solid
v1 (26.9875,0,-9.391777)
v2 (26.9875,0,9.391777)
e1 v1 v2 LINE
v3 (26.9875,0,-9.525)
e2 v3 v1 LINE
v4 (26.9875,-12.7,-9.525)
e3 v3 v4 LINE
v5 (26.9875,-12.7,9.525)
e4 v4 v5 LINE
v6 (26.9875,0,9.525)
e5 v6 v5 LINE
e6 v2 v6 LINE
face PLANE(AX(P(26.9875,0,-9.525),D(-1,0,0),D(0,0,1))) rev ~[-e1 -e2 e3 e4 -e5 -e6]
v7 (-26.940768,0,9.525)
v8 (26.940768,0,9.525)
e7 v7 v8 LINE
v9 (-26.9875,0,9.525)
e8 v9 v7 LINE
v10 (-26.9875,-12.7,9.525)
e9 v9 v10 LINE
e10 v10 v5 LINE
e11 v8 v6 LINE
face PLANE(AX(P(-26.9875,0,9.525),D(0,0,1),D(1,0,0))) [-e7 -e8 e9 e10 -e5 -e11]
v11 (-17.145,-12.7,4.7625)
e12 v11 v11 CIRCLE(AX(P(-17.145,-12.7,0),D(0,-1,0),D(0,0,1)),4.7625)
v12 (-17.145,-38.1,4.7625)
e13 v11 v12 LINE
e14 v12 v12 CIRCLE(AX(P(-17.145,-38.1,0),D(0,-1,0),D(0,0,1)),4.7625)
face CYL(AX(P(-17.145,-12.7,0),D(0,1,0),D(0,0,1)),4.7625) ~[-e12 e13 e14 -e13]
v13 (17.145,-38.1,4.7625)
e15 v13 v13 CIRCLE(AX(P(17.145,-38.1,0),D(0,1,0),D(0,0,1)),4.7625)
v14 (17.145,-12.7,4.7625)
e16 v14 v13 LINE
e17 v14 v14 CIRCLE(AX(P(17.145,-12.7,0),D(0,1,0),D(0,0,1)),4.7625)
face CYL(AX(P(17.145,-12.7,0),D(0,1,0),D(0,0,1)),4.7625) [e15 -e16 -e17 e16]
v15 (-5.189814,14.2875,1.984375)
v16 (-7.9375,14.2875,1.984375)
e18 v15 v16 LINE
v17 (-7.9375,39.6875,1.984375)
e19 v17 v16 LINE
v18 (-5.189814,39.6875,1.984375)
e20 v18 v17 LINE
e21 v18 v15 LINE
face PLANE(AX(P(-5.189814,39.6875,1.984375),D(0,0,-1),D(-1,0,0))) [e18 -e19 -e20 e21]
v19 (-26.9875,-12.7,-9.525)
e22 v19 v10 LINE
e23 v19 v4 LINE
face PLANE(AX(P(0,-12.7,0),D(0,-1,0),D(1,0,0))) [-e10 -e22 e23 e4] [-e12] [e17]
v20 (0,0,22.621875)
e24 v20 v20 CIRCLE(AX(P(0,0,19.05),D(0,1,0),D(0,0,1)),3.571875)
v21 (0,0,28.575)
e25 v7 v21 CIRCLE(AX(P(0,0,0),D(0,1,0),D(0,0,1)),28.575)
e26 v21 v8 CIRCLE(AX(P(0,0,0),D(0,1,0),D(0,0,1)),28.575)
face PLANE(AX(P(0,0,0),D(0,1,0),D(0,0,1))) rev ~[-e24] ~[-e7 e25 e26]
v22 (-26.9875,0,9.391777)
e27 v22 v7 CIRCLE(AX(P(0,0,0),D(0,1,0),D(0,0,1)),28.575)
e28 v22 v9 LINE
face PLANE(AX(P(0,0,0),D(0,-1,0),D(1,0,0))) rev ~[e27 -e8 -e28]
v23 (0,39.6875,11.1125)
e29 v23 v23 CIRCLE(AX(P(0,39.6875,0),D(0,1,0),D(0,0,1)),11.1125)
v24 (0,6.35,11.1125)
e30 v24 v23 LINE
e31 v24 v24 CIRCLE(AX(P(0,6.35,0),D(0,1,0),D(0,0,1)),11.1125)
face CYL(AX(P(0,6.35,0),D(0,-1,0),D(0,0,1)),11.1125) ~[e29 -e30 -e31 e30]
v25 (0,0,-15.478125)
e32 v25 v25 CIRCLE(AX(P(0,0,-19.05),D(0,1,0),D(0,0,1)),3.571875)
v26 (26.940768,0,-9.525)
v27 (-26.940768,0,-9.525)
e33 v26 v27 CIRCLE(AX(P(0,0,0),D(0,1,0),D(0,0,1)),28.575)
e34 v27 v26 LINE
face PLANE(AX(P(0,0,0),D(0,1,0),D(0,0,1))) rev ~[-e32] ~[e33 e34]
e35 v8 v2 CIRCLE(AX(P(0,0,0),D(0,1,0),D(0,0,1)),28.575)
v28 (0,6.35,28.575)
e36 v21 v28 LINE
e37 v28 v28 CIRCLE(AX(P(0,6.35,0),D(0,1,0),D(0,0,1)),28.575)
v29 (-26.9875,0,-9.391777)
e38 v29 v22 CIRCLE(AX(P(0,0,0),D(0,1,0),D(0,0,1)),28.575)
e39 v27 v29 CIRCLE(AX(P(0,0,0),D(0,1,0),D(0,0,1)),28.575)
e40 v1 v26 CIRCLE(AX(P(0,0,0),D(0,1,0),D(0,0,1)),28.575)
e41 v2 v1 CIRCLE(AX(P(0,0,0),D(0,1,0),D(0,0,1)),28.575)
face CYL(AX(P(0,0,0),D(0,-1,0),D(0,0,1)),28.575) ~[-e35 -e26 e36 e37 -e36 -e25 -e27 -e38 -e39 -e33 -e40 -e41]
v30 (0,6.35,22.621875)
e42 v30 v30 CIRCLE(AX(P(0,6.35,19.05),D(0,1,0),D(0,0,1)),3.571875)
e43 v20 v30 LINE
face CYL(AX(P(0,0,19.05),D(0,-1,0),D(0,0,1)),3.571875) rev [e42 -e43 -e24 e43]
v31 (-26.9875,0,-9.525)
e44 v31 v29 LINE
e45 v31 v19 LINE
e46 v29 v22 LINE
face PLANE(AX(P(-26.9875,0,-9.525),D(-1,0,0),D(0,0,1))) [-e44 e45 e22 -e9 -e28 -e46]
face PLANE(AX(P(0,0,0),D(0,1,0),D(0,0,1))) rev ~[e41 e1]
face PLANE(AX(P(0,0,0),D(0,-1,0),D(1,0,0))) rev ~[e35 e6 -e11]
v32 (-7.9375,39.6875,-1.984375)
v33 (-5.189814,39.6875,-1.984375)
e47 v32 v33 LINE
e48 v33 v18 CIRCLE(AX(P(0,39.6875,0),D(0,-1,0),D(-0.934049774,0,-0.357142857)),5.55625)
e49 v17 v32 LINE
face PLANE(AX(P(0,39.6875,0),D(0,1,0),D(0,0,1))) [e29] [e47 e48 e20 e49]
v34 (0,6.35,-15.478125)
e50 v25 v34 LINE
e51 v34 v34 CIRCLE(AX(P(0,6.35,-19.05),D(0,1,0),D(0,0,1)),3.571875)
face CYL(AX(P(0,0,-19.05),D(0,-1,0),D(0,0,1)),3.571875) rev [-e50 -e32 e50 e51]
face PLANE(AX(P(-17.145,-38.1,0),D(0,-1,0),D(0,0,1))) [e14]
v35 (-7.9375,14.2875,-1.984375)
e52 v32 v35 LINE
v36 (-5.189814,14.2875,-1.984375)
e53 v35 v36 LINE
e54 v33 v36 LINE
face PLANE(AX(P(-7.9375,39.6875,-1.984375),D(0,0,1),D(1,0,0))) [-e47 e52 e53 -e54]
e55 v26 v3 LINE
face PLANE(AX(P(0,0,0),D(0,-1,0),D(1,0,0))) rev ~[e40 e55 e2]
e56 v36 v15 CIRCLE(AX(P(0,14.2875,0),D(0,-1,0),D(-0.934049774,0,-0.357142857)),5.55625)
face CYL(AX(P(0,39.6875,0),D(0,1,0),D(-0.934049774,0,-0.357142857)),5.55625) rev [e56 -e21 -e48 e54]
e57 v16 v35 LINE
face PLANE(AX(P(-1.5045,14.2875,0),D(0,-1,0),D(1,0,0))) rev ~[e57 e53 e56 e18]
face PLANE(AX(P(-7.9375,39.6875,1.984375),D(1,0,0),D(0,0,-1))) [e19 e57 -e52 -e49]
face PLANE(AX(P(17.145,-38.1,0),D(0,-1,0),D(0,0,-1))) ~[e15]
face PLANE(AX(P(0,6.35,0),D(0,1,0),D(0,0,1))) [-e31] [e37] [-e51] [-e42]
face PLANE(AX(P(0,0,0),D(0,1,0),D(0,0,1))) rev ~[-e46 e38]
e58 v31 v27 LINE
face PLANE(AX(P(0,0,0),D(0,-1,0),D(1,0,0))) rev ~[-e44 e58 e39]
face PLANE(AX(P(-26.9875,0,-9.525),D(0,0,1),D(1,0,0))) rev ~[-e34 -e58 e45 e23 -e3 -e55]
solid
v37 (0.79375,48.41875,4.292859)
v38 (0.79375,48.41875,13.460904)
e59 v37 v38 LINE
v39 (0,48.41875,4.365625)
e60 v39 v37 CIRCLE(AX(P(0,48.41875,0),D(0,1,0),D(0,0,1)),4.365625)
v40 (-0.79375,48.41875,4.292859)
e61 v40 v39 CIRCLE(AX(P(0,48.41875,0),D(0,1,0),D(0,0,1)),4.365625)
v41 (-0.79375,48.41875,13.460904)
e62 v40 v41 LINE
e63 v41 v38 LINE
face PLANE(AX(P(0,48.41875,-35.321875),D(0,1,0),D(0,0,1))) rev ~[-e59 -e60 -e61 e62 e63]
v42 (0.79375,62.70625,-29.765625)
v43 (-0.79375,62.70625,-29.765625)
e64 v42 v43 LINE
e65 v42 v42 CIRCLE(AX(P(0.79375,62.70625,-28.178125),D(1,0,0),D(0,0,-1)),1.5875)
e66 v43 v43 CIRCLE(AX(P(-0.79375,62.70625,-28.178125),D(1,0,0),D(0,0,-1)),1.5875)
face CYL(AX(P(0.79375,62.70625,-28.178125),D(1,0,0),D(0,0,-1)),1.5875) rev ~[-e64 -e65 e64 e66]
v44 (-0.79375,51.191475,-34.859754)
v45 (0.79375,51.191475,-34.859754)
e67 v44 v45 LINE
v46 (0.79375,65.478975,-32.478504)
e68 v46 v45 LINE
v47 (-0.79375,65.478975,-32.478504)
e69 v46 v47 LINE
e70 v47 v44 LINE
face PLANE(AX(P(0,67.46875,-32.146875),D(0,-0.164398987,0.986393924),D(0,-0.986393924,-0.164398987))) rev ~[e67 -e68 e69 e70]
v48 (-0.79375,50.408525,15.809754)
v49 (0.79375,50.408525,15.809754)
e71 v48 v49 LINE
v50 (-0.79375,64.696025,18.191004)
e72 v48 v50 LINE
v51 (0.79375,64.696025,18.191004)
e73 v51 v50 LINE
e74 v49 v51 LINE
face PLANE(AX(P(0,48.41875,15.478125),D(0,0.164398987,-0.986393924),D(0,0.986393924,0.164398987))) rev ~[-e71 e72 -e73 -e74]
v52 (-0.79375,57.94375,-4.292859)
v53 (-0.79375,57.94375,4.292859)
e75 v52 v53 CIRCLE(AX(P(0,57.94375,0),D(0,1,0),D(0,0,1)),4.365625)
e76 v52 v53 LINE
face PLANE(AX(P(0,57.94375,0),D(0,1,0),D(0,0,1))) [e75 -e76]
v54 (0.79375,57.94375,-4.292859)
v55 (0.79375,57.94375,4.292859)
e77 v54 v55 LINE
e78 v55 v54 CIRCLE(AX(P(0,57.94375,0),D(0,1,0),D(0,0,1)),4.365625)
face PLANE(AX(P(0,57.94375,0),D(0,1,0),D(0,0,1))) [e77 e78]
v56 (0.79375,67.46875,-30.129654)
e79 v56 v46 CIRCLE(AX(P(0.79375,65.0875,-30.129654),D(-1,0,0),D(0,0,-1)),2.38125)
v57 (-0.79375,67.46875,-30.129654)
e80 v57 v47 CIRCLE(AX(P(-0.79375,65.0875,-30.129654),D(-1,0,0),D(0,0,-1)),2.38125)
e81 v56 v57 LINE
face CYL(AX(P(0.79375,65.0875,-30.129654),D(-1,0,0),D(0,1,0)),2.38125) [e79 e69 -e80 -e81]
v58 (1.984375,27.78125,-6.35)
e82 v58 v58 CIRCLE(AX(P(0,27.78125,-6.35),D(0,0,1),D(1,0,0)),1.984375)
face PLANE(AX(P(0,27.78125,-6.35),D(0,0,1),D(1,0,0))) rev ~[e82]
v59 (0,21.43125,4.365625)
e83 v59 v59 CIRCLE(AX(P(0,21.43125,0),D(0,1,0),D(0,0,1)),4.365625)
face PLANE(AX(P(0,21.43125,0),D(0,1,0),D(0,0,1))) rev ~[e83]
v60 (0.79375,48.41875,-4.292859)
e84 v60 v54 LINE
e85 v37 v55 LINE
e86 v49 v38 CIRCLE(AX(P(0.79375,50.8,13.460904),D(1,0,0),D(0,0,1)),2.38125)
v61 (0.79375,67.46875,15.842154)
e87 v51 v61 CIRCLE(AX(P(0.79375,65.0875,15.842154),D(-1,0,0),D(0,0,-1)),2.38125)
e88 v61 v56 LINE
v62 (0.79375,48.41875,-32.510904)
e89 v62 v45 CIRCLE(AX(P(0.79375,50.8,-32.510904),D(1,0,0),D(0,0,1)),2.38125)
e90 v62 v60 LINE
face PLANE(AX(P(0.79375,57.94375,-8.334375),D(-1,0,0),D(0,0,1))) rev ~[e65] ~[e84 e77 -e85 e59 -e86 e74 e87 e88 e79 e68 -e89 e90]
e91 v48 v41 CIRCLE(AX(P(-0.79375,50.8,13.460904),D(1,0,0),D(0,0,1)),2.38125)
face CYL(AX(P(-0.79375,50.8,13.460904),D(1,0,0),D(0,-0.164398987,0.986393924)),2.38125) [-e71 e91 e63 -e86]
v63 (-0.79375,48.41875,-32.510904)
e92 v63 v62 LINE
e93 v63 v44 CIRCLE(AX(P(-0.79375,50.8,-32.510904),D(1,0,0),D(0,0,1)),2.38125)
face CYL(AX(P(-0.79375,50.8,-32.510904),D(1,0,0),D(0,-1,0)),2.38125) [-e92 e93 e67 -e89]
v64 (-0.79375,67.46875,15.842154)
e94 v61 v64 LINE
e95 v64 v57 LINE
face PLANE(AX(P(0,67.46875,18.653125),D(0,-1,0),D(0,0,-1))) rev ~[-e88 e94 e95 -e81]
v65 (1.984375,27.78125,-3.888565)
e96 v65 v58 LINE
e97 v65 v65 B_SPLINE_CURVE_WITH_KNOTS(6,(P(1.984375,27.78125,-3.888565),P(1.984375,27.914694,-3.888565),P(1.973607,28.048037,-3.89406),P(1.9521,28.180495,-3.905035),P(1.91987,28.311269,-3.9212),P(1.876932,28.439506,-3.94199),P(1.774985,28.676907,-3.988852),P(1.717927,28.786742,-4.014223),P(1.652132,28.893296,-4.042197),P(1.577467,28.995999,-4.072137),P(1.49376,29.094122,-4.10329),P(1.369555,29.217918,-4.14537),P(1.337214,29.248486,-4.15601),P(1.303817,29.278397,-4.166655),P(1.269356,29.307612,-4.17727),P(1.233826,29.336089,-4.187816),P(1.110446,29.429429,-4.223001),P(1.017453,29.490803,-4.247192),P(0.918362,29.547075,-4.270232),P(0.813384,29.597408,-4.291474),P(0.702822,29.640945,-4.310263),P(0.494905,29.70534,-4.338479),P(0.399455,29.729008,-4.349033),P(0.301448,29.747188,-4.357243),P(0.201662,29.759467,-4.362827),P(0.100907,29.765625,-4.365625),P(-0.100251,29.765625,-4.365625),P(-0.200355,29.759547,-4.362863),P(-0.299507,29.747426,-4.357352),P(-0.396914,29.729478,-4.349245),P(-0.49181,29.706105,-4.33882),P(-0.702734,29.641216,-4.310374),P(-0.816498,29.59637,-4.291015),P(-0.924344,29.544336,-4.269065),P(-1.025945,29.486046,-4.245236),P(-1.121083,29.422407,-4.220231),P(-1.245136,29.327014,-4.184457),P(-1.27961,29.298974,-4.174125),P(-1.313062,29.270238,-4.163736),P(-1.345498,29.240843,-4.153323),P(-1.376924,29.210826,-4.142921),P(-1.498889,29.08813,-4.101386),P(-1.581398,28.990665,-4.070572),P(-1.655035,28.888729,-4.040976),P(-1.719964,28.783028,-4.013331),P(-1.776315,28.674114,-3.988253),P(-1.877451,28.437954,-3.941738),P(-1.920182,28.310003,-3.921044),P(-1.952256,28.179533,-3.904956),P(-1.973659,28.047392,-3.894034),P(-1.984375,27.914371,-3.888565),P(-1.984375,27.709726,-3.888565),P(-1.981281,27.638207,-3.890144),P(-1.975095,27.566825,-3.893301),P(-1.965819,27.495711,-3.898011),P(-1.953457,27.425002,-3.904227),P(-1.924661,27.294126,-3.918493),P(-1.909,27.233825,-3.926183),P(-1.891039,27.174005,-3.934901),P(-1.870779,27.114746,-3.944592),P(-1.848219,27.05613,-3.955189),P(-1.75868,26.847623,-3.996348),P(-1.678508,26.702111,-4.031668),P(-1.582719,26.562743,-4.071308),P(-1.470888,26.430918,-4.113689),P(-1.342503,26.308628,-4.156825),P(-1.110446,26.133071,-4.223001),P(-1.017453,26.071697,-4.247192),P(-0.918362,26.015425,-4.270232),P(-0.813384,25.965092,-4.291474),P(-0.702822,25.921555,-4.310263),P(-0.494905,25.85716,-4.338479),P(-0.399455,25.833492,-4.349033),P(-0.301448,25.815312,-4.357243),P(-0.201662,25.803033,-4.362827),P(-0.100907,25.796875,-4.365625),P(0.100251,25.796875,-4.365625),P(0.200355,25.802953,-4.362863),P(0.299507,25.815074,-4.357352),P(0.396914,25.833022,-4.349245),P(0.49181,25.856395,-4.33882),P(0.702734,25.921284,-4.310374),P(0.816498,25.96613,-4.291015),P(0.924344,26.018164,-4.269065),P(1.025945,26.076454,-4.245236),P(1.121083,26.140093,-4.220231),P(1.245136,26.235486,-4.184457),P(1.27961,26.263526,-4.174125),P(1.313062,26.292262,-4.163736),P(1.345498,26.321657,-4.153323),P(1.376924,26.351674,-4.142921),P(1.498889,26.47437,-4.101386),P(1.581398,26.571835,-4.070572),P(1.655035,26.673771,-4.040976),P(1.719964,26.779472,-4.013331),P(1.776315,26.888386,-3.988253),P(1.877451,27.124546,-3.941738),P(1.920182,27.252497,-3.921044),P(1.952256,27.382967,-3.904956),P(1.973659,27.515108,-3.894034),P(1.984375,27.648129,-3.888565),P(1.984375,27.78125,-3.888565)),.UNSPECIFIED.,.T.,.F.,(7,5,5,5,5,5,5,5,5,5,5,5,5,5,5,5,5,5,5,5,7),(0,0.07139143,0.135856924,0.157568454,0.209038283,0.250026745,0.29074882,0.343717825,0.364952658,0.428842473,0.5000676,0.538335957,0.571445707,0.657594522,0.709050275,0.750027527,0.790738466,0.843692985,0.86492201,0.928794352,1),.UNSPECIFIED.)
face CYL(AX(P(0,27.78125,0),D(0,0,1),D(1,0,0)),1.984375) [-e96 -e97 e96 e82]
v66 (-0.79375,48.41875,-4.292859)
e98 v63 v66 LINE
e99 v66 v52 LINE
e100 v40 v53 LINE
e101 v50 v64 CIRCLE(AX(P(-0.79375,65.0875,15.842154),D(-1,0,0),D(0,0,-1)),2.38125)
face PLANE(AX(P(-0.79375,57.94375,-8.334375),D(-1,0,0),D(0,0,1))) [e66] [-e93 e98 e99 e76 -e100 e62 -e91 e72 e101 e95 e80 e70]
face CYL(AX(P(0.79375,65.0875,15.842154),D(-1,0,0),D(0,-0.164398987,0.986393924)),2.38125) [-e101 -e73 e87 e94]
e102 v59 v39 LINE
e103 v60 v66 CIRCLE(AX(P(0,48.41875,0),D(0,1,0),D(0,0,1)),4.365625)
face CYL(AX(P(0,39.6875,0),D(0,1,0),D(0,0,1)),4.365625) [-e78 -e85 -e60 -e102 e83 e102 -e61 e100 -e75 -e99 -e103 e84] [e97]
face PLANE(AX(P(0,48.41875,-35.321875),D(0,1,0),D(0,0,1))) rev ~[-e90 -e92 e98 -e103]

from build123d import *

# Parameters (mm, degrees)
SKETCH1_R          = 28.575
SKETCH1_R_2        = 3.571875
EXTRUDE1_DEPTH     = 6.35
SKETCH2_R          = 11.1125
EXTRUDE2_DEPTH     = 33.3375
CUT_EXTRUDE1_DEPTH = 25.4
SKETCH4_W          = 53.975
SKETCH4_H          = 19.05
EXTRUDE3_DEPTH     = 12.7
SKETCH5_R          = 4.7625
EXTRUDE4_DEPTH     = 25.4
SKETCH6_R          = 4.365625
EXTRUDE5_DEPTH     = 18.25625
EXTRUDE6_DEPTH     = 0.79375
FILLET1_R          = 2.38125
SKETCH8_R          = 1.5875
CUT_EXTRUDE2_DEPTH = 1.5875
SKETCH9_R          = 1.984375
EXTRUDE7_DEPTH     = 6.35


with BuildPart() as part:
    # Sketch1 → Extrude1 (new body)
    with BuildSketch(Plane(origin=(0, 0, 0), x_dir=(1, 0, 0), z_dir=(0, 1, 0))):
        with Locations(Location((0, 0, 0), (0, 0, 270))):
            Circle(SKETCH1_R)
        with Locations(Location((0, 19.05, 0), (0, 0, 270))):
            Circle(SKETCH1_R_2, mode=Mode.SUBTRACT)
        with Locations(Location((0, -19.05, 0), (0, 0, 270))):
            Circle(SKETCH1_R_2, mode=Mode.SUBTRACT)
    extrude(amount=EXTRUDE1_DEPTH)

    # Sketch2 → Extrude2 (add)
    with BuildSketch(Plane(origin=(0, 6.35, 0), x_dir=(-1, 0, 0), z_dir=(0, 1, 0))):
        with Locations(Location((0, 0, 0), (0, 0, 90))):
            Circle(SKETCH2_R)
    extrude(amount=EXTRUDE2_DEPTH)

    # Sketch3 → Cut-Extrude1 (cut)
    with BuildSketch(Plane(origin=(0, 39.6875, 0), x_dir=(-1, 0, 0), z_dir=(0, 1, 0))):
        with BuildLine():
            Line((7.9375, -1.984375), (5.189814055, -1.984375))
            ThreePointArc((5.189814055, -1.984375), (-5.55625, 0), (5.189814055, 1.984375))
            Line((5.189814055, 1.984375), (7.9375, 1.984375))
            Line((7.9375, 1.984375), (7.9375, -1.984375))
        make_face()
    extrude(amount=-CUT_EXTRUDE1_DEPTH, mode=Mode.SUBTRACT)

    # Sketch4 → Extrude3 (add)
    with BuildSketch(Plane.XZ):
        Rectangle(SKETCH4_W, SKETCH4_H)
    extrude(amount=EXTRUDE3_DEPTH)

    # Sketch5 → Extrude4 (add)
    with BuildSketch(Plane.XZ.offset(12.7)):
        with Locations(Location((-17.145, 0, 0), (0, 0, 90))):
            Circle(SKETCH5_R)
    extrude4 = extrude(amount=EXTRUDE4_DEPTH)

    # Mirror1: Extrude4 across plane
    add(extrude4.mirror(Plane(origin=(0, 0, 0), x_dir=(0, 0, 1), z_dir=(1, 0, 0))))


with BuildPart() as body_2:
    # Sketch6 → Extrude5 (new, symmetric)
    with BuildSketch(Plane(origin=(0, 39.6875, 0), x_dir=(-1, 0, 0), z_dir=(0, 1, 0))):
        with Locations(Location((0, 0, 0), (0, 0, 90))):
            Circle(SKETCH6_R)
    extrude(amount=EXTRUDE5_DEPTH, both=True)

    # Sketch7 → Extrude6 (add, symmetric)
    with BuildSketch(Plane(origin=(0, 0, 0), x_dir=(0, 0, -1), z_dir=(1, 0, 0))):
        Polygon((-15.478125, 48.41875), (-18.653125, 67.46875), (32.146875, 67.46875), (35.321875, 48.41875), align=None)
    extrude(amount=EXTRUDE6_DEPTH, both=True)

    # Fillet1
    fillet1_edges = [body_2.edges().sort_by_distance(p)[0] for p in [
        (0, 48.41875, 15.478125),
        (0, 48.41875, -35.321875),
        (0, 67.46875, -32.146875),
        (0, 67.46875, 18.653125),
    ]]
    fillet(fillet1_edges, radius=FILLET1_R)

    # Sketch8 → Cut-Extrude2 (cut)
    with BuildSketch(Plane(origin=(0.79375, 0, 0), x_dir=(0, 0, -1), z_dir=(1, 0, 0))):
        with Locations((28.178125, 62.70625)):
            Circle(SKETCH8_R)
    extrude(amount=-CUT_EXTRUDE2_DEPTH, mode=Mode.SUBTRACT)

    # Sketch9 → Extrude7 (add)
    with BuildSketch(Plane.XY):
        with Locations((0, 27.78125)):
            Circle(SKETCH9_R)
    extrude(amount=-EXTRUDE7_DEPTH)


solid = Compound([part.part, body_2.part])
